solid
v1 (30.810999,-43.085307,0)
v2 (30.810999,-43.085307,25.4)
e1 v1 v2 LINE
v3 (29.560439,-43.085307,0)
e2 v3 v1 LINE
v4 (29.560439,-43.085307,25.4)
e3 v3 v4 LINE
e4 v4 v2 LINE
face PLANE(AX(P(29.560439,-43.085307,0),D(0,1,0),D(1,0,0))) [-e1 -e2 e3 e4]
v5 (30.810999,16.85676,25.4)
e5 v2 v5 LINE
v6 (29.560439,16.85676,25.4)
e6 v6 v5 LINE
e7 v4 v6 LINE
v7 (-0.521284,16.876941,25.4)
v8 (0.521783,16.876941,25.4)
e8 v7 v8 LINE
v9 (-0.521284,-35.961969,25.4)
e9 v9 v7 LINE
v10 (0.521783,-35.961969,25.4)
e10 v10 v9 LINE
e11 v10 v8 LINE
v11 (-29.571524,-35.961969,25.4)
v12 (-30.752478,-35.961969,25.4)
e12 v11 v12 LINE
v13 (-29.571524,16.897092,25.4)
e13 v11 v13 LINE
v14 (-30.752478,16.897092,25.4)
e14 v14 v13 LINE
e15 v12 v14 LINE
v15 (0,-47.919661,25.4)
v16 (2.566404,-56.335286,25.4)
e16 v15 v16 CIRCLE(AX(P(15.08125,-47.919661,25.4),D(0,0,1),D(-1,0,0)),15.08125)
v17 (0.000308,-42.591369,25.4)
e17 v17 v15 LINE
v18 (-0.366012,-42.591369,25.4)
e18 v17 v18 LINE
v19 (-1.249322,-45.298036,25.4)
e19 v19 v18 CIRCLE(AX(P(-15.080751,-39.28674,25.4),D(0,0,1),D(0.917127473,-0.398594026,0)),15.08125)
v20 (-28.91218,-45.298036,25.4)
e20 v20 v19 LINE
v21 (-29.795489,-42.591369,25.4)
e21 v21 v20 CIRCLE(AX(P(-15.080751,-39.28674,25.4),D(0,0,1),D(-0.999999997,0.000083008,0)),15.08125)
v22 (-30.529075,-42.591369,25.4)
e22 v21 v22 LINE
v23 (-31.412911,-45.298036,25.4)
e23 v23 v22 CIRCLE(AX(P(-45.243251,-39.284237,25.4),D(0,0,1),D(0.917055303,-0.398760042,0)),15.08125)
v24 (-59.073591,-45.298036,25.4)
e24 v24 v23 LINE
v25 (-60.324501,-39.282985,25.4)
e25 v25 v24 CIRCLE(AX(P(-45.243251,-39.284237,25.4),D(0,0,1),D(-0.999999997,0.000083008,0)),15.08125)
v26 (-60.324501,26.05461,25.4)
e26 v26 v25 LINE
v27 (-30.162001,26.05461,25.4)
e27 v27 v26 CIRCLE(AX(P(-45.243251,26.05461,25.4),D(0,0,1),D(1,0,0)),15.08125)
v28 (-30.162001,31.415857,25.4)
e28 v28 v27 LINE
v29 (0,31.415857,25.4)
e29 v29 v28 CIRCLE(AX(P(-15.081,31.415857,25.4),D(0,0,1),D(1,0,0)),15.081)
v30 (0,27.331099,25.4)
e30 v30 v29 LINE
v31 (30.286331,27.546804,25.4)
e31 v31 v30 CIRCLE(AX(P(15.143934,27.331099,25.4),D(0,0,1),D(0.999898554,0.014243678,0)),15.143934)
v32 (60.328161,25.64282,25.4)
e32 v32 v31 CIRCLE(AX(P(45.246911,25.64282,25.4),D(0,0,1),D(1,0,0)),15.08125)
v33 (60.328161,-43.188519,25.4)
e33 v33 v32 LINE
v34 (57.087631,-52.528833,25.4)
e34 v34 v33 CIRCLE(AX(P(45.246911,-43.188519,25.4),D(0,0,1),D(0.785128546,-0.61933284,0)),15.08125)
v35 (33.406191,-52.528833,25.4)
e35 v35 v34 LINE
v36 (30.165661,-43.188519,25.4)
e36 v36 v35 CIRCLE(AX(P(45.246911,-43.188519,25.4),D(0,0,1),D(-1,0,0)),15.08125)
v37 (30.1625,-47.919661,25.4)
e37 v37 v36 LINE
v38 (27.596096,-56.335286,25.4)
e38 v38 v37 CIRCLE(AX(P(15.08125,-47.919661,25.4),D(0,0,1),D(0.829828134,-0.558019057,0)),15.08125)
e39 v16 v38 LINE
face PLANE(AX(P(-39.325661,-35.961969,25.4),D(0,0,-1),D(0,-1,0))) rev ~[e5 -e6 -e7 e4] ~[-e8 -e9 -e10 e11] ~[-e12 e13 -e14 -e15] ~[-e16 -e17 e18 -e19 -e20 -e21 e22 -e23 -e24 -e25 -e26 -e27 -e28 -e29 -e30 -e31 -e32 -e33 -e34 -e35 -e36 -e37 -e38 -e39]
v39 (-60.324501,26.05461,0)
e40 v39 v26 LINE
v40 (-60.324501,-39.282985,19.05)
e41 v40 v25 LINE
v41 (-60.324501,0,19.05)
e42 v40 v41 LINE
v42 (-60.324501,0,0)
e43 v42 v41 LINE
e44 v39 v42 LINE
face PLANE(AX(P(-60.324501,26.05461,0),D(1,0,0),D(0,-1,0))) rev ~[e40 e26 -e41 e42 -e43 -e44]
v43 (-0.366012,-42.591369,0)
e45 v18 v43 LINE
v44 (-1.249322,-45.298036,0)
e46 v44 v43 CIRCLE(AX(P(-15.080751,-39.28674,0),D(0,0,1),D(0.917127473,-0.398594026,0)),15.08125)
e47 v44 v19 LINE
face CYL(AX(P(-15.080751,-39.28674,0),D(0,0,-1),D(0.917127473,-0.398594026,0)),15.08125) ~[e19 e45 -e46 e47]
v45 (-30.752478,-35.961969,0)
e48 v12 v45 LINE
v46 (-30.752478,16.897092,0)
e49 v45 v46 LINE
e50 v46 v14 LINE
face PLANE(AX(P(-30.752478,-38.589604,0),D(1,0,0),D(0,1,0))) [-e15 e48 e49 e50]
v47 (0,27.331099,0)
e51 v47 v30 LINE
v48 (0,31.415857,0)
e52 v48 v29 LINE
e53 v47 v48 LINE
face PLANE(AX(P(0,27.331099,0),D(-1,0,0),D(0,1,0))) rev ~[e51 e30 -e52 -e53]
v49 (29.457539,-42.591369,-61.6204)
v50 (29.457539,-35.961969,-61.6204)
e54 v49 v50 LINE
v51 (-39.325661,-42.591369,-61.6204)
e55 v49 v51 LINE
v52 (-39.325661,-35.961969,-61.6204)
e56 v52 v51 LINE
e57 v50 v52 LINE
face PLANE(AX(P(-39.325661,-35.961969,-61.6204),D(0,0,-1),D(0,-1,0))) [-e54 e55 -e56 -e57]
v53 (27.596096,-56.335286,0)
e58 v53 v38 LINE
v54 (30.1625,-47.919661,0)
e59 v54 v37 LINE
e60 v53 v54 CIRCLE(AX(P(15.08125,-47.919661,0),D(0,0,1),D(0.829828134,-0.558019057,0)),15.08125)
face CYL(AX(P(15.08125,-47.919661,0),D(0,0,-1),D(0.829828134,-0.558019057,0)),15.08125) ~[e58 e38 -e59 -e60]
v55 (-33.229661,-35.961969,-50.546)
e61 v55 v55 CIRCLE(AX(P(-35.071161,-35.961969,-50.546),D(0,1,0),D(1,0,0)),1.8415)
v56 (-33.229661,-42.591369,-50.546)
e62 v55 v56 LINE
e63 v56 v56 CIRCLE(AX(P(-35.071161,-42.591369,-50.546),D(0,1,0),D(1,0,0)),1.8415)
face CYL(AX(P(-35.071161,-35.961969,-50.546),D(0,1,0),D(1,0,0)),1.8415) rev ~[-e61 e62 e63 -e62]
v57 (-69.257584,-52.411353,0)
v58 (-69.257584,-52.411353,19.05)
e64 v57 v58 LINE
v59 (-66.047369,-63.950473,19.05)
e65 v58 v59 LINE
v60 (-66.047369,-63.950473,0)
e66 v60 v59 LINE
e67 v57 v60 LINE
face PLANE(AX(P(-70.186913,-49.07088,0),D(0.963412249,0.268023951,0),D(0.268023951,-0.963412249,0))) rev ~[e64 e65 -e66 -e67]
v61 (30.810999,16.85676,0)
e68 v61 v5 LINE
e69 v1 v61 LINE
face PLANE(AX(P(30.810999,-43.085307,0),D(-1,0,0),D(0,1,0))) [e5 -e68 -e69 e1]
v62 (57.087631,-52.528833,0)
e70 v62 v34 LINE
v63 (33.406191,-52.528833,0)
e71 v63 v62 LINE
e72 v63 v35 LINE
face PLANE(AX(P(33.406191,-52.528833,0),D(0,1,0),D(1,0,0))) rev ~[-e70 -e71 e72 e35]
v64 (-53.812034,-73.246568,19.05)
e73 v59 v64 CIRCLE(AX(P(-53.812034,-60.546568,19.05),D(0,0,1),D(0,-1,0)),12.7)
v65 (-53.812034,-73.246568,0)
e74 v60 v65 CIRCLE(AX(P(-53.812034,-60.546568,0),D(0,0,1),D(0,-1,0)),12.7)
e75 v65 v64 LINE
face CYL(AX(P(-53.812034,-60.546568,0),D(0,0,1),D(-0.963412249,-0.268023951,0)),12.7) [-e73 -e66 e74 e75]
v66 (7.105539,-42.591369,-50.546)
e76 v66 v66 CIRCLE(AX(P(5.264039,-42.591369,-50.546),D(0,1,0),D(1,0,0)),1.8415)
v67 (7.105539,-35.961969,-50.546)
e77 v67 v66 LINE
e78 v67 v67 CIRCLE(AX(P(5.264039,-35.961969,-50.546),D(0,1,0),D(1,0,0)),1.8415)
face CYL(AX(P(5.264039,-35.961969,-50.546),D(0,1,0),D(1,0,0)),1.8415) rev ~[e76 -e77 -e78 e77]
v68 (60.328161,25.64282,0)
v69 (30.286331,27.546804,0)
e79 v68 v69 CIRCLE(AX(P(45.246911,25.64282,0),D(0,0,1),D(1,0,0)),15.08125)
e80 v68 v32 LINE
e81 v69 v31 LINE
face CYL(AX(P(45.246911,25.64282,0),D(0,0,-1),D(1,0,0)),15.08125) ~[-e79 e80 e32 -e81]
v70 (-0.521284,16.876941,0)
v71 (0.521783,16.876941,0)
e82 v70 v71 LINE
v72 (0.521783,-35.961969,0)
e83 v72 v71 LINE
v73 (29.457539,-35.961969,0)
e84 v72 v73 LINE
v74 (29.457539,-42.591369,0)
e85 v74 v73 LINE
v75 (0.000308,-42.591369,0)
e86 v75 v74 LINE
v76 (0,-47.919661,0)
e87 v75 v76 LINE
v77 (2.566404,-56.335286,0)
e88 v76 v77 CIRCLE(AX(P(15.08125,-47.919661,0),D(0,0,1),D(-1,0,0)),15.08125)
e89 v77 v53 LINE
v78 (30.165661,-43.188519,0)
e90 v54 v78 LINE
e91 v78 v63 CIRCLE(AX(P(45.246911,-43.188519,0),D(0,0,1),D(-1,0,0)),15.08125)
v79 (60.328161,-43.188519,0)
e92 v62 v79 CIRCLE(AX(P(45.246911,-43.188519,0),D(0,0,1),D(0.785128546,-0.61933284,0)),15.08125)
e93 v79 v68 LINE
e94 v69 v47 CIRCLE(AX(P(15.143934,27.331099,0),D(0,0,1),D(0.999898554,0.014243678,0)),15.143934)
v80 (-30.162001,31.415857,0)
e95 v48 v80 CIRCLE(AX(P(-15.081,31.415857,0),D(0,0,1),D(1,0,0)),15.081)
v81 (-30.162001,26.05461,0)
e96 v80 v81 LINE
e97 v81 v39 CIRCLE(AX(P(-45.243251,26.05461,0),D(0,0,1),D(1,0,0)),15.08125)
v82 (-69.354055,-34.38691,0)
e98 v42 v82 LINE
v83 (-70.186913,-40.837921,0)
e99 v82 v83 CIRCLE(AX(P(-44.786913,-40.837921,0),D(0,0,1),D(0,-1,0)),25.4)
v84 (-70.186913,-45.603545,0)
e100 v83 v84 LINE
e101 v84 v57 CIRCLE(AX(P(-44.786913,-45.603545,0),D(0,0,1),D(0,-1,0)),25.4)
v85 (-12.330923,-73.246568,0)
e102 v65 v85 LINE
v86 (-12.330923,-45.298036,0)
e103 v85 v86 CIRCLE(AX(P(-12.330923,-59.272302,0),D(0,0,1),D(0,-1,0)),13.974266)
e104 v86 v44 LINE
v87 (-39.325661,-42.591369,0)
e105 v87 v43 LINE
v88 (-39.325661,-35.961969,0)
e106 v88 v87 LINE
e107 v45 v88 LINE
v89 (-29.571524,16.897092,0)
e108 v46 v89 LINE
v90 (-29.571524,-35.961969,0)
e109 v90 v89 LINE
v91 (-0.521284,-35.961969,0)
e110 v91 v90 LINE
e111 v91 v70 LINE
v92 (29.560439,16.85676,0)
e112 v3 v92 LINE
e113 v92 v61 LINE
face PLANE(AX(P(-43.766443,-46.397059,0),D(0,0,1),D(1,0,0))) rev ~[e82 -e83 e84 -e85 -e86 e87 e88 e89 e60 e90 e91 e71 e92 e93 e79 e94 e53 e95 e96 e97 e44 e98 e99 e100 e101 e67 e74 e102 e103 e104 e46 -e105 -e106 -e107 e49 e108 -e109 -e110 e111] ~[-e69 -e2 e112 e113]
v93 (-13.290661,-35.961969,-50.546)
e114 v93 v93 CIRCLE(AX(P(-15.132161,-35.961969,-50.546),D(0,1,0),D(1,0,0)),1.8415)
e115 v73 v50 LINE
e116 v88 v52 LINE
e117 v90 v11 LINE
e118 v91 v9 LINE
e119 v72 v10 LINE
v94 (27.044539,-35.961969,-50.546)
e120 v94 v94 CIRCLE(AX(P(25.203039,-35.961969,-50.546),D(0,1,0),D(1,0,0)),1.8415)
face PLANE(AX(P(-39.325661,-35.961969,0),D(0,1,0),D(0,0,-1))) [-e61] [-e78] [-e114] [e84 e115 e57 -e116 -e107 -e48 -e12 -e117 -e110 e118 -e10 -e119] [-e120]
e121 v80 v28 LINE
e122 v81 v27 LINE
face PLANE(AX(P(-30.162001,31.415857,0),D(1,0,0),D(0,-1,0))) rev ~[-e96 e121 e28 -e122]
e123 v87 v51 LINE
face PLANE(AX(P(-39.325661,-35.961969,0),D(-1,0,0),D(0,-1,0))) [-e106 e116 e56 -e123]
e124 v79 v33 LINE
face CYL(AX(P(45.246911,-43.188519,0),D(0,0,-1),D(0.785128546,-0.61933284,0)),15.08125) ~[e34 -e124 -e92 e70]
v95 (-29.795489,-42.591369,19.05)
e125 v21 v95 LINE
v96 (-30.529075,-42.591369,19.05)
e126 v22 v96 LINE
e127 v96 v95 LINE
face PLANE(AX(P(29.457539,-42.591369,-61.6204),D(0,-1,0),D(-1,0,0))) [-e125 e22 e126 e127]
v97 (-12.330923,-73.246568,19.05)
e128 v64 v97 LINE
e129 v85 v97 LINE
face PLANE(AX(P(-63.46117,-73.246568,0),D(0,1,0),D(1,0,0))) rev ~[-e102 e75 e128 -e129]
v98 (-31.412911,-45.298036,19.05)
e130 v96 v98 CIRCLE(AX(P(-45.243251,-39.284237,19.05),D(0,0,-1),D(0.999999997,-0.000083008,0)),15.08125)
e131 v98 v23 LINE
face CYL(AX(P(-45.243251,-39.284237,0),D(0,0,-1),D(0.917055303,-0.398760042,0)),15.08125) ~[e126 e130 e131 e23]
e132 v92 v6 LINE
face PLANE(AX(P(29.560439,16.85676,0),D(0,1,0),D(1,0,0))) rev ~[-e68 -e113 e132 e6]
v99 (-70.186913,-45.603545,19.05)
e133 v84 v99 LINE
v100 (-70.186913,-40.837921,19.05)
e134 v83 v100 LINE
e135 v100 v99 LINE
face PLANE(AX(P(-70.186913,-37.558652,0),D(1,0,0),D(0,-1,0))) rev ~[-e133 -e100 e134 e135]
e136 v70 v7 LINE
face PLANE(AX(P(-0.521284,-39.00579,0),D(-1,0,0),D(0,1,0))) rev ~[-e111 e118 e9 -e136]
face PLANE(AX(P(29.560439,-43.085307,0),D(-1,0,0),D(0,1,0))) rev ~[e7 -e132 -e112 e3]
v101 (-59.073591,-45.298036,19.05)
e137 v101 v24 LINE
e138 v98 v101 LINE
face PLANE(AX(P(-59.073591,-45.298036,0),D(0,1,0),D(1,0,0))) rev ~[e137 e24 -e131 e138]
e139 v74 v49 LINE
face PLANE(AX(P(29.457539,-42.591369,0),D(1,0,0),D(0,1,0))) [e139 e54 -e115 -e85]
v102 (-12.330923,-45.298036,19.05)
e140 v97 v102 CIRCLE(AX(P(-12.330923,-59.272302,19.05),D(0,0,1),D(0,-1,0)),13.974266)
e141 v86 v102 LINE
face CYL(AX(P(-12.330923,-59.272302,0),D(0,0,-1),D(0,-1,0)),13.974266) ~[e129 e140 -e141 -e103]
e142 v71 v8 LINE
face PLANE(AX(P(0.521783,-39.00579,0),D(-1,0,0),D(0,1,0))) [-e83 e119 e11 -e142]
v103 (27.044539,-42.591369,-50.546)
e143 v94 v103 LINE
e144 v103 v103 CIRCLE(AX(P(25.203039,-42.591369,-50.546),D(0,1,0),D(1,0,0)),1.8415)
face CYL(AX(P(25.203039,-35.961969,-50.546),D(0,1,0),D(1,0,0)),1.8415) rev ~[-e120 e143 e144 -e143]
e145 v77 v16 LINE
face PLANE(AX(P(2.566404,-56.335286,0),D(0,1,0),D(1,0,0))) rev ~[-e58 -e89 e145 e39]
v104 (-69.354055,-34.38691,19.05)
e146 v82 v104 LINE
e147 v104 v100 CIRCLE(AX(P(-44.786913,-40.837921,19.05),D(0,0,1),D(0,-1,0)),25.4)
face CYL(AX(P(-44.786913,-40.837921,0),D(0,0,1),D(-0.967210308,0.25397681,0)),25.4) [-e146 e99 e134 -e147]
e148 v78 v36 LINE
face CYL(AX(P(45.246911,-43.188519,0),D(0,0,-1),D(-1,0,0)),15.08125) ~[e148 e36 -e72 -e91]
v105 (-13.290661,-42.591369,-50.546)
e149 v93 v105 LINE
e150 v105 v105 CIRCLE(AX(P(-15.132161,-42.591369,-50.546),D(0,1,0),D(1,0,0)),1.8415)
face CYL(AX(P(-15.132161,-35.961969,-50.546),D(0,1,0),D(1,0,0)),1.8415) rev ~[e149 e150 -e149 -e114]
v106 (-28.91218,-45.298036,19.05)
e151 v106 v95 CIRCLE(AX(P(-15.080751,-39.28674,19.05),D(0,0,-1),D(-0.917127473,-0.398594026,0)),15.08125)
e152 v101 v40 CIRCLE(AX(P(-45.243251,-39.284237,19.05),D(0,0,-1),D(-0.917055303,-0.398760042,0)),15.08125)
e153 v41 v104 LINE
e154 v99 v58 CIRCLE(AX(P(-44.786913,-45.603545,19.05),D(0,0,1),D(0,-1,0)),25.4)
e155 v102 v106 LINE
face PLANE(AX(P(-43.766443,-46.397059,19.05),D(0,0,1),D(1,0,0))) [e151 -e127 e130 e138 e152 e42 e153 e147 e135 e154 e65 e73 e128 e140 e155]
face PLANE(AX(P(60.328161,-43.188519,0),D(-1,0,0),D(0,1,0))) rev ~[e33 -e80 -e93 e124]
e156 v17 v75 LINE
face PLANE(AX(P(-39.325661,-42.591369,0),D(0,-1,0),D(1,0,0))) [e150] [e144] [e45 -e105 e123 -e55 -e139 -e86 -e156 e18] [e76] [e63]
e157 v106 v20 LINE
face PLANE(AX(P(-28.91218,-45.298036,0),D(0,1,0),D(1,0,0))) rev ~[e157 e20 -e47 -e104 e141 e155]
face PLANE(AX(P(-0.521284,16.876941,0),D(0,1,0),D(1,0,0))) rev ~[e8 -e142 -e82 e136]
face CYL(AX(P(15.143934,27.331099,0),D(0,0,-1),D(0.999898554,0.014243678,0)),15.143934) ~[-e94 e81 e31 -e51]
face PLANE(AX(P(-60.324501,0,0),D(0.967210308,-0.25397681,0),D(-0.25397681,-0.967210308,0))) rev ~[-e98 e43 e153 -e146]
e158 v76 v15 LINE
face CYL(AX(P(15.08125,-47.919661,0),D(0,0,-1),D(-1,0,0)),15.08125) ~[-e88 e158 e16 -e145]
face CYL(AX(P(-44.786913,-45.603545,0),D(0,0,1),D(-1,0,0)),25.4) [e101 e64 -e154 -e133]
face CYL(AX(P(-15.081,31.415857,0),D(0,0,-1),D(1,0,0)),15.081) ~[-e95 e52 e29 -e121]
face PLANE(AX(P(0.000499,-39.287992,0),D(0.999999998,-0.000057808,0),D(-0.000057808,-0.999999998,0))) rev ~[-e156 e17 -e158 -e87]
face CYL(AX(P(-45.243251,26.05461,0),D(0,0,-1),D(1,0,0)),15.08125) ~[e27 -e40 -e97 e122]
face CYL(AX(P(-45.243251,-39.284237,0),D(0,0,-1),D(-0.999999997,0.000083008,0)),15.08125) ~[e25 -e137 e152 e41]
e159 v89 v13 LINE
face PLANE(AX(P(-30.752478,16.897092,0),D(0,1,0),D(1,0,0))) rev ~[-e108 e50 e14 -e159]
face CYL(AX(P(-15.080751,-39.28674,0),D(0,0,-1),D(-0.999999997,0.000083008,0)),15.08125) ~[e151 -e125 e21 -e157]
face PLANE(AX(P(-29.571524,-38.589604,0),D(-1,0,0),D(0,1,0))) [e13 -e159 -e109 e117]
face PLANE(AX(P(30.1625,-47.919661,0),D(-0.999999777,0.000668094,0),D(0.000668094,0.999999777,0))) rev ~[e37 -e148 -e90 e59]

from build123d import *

# Parameters (mm, degrees)
F0_W      = 1.1809540468
F0_H      = 55.4866959378
F0_W_2    = 1.0430663562
F0_H_2    = 55.8827305807
F0_W_3    = 1.2505598919
F0_H_3    = 59.9420672474
F1_DEPTH  = 25.4
F2_DEPTH  = 19.05
F4_R      = 25.4
F5_R      = 12.7
F6_DEPTH  = 61.6204
F7_DEPTH  = 45.466
F8_DEPTH  = 87.0204
F10_DEPTH = 37.285599403


with BuildPart() as f1:
    # F0 (on Top) → F1 (new body)
    with BuildSketch(Plane.XY):
        with BuildLine():
            ThreePointArc((-31.4129105711, -45.2980363816), (-30.4781671858, -42.3561098061), (-30.1620009138, -39.2854883608))
            ThreePointArc((-30.1620009138, -39.2854883608), (-29.8463674498, -42.3560514479), (-28.912179671, -45.2980363816))
            Line((-28.912179671, -45.2980363816), (-12.330923231, -45.2980363816))
            Line((-12.330923231, -45.2980363816), (-1.2493222605, -45.2980363816))
            ThreePointArc((-1.2493222605, -45.2980363816), (-0.3153893091, -42.3572770972), (0.0004989823, -39.2879920805))
            Line((0.0004989823, -39.2879920805), (0, -47.9196608067))
            ThreePointArc((0, -47.9196608067), (0.6558623791, -52.3187849866), (2.5664044493, -56.3352857035))
            Line((2.5664044493, -56.3352857035), (27.5960955507, -56.3352857035))
            ThreePointArc((27.5960955507, -56.3352857035), (29.5066376209, -52.3187849866), (30.1625, -47.9196608067))
            Line((30.1625, -47.9196608067), (30.1656608492, -43.188519241))
            ThreePointArc((30.1656608492, -43.188519241), (30.9988064443, -48.131759315), (33.4061909682, -52.5288326332))
            Line((33.4061909682, -52.5288326332), (57.0876307301, -52.5288326332))
            ThreePointArc((57.0876307301, -52.5288326332), (59.4950152541, -48.131759315), (60.3281608492, -43.188519241))
            Line((60.3281608492, -43.188519241), (60.3281608492, 25.6428197026))
            ThreePointArc((60.3281608492, 25.6428197026), (46.2008131527, 40.6938718904), (30.2863311656, 27.5468042333))
            ThreePointArc((30.2863311656, 27.5468042333), (15.0360783361, 42.4746485662), (0, 27.3310989141))
            Line((0, 27.3310989141), (0, 31.4158573747))
            ThreePointArc((0, 31.4158573747), (-15.0810004563, 46.496857831), (-30.1620009126, 31.4158573747))
            Line((-30.1620009126, 31.4158573747), (-30.1620009127, 26.0546095664))
            ThreePointArc((-30.1620009127, 26.0546095664), (-45.243250861, 41.1358595153), (-60.3245008099, 26.0546095669))
            Line((-60.3245008099, 26.0546095669), (-60.3245008099, 0))
            Line((-60.3245008099, 0), (-60.3245008099, -39.2829846411))
            ThreePointArc((-60.3245008099, -39.2829846411), (-60.0085894761, -42.3548841799), (-59.0735911526, -45.2980363816))
            Line((-59.0735911526, -45.2980363816), (-31.4129105711, -45.2980363816))
        make_face()
        with Locations((-30.1620009133, -10.8462562301)):
            Rectangle(F0_W, F0_H, mode=Mode.SUBTRACT)
        with Locations((0.0002494911, -11.0644246154)):
            Rectangle(F0_W_2, F0_H_2, mode=Mode.SUBTRACT)
        with Locations((30.1857188067, -13.1142732591)):
            Rectangle(F0_W_3, F0_H_3, mode=Mode.SUBTRACT)
    extrude(amount=F1_DEPTH)

    # F0 (on Top) → F2 (join)
    with BuildSketch(Plane.XY):
        with BuildLine():
            ThreePointArc((-28.912179671, -45.2980363816), (-29.8463674498, -42.3560514479), (-30.1620009138, -39.2854883608))
            ThreePointArc((-30.1620009138, -39.2854883608), (-30.4781671858, -42.3561098061), (-31.4129105711, -45.2980363816))
            Line((-31.4129105711, -45.2980363816), (-59.0735911526, -45.2980363816))
            ThreePointArc((-59.0735911526, -45.2980363816), (-60.0085894761, -42.3548841799), (-60.3245008099, -39.2829846411))
            Line((-60.3245008099, -39.2829846411), (-60.3245008099, 0))
            Line((-60.3245008099, 0), (-70.1869130135, -37.5586524606))
            Line((-70.1869130135, -37.5586524606), (-70.1869130135, -49.070879817))
            Line((-70.1869130135, -49.070879817), (-63.4611696021, -73.2465684414))
            Line((-63.4611696021, -73.2465684414), (-12.330923231, -73.2465684414))
            ThreePointArc((-12.330923231, -73.2465684414), (1.6433427989, -59.2723024115), (-12.330923231, -45.2980363816))
            Line((-12.330923231, -45.2980363816), (-28.912179671, -45.2980363816))
        make_face()
    extrude(amount=F2_DEPTH)

    # F4
    f4_edges = [f1.edges().sort_by_distance(p)[0] for p in [
        (-70.186913, -37.558652, 9.525),
        (-70.186913, -49.07088, 9.525),
    ]]
    fillet(f4_edges, radius=F4_R)

    # F5
    f5_edges = [f1.edges().sort_by_distance(p)[0] for p in [
        (-63.46117, -73.246568, 9.525),
    ]]
    fillet(f5_edges, radius=F5_R)

    # F3 (on face) → F6 (join)
    with BuildSketch(Plane.XY):
        with BuildLine():
            Line((-30.7524779367, -35.9619690384), (-39.3256613186, -35.9619690384))
            Line((-39.3256613186, -35.9619690384), (-39.3256613186, -42.5913690384))
            Line((-39.3256613186, -42.5913690384), (-30.529074842, -42.5913690384))
            ThreePointArc((-30.529074842, -42.5913690384), (-30.2541193355, -40.9485795087), (-30.1620009138, -39.2854883608))
            ThreePointArc((-30.1620009138, -39.2854883608), (-30.0701620308, -40.9485637633), (-29.7954894935, -42.5913690384))
            Line((-29.7954894935, -42.5913690384), (-0.366012438, -42.5913690384))
            ThreePointArc((-0.366012438, -42.5913690384), (-0.0914778965, -40.9498079941), (0.0004989823, -39.2879920805))
            Line((0.0004989823, -39.2879920805), (0.0003080196, -42.5913690384))
            Line((0.0003080196, -42.5913690384), (29.4575386814, -42.5913690384))
            Line((29.4575386814, -42.5913690384), (29.4575386814, -35.9619690384))
            Line((29.4575386814, -35.9619690384), (0.5217826692, -35.9619690384))
            Line((0.5217826692, -35.9619690384), (0.5217826692, -39.0057899058))
            Line((0.5217826692, -39.0057899058), (-0.5212836869, -39.0057899058))
            Line((-0.5212836869, -39.0057899058), (-0.5212836869, -35.9619690384))
            Line((-0.5212836869, -35.9619690384), (-29.5715238899, -35.9619690384))
            Line((-29.5715238899, -35.9619690384), (-29.5715238899, -38.5896041989))
            Line((-29.5715238899, -38.5896041989), (-30.7524779367, -38.5896041989))
            Line((-30.7524779367, -38.5896041989), (-30.7524779367, -35.9619690384))
        make_face()
    extrude(amount=-F6_DEPTH)

    # F7 (add): a face of the model
    f7_faces = [f1.faces().sort_by_distance(p)[0] for p in [
        (-39.3256613186, -39.2766690384, -30.8102),
    ]]
    extrude(f7_faces, amount=-F7_DEPTH)

    # F8 (add, through all): a face of the model
    f8_faces = [f1.faces().sort_by_distance(p)[0] for p in [
        (-4.9340613186, -39.2766690384, -61.6204),
    ]]
    extrude(f8_faces, amount=-F8_DEPTH)

    # F9 (on face) → F10 (cut, through all)
    with BuildSketch(Plane(origin=(0, -35.9619690384, 0), x_dir=(-1, 0, 0), z_dir=(0, 1, 0))):
        with BuildLine():
            ThreePointArc((-23.3615386814, -50.546), (-25.2030386814, -48.7045), (-27.0445386814, -50.546))
            Line((-27.0445386814, -50.546), (-23.3615386814, -50.546))
        make_face()
        with BuildLine():
            Line((-23.3615386814, -50.546), (-27.0445386814, -50.546))
            ThreePointArc((-27.0445386814, -50.546), (-25.2030386814, -52.3875), (-23.3615386814, -50.546))
        make_face()
        with BuildLine():
            Line((-7.1055386814, -50.546), (-3.4225386814, -50.546))
            ThreePointArc((-3.4225386814, -50.546), (-5.2640386814, -48.7045), (-7.1055386814, -50.546))
        make_face()
        with BuildLine():
            ThreePointArc((-7.1055386814, -50.546), (-5.2640386814, -52.3875), (-3.4225386814, -50.546))
            Line((-3.4225386814, -50.546), (-7.1055386814, -50.546))
        make_face()
        with BuildLine():
            Line((13.2906613186, -50.546), (16.9736613186, -50.546))
            ThreePointArc((16.9736613186, -50.546), (15.1321613186, -48.7045), (13.2906613186, -50.546))
        make_face()
        with BuildLine():
            ThreePointArc((13.2906613186, -50.546), (15.1321613186, -52.3875), (16.9736613186, -50.546))
            Line((16.9736613186, -50.546), (13.2906613186, -50.546))
        make_face()
        with BuildLine():
            Line((33.2296613186, -50.546), (36.9126613186, -50.546))
            ThreePointArc((36.9126613186, -50.546), (35.0711613186, -48.7045), (33.2296613186, -50.546))
        make_face()
        with BuildLine():
            ThreePointArc((33.2296613186, -50.546), (35.0711613186, -52.3875), (36.9126613186, -50.546))
            Line((36.9126613186, -50.546), (33.2296613186, -50.546))
        make_face()
    extrude(amount=-F10_DEPTH, mode=Mode.SUBTRACT)


solid = f1.part
